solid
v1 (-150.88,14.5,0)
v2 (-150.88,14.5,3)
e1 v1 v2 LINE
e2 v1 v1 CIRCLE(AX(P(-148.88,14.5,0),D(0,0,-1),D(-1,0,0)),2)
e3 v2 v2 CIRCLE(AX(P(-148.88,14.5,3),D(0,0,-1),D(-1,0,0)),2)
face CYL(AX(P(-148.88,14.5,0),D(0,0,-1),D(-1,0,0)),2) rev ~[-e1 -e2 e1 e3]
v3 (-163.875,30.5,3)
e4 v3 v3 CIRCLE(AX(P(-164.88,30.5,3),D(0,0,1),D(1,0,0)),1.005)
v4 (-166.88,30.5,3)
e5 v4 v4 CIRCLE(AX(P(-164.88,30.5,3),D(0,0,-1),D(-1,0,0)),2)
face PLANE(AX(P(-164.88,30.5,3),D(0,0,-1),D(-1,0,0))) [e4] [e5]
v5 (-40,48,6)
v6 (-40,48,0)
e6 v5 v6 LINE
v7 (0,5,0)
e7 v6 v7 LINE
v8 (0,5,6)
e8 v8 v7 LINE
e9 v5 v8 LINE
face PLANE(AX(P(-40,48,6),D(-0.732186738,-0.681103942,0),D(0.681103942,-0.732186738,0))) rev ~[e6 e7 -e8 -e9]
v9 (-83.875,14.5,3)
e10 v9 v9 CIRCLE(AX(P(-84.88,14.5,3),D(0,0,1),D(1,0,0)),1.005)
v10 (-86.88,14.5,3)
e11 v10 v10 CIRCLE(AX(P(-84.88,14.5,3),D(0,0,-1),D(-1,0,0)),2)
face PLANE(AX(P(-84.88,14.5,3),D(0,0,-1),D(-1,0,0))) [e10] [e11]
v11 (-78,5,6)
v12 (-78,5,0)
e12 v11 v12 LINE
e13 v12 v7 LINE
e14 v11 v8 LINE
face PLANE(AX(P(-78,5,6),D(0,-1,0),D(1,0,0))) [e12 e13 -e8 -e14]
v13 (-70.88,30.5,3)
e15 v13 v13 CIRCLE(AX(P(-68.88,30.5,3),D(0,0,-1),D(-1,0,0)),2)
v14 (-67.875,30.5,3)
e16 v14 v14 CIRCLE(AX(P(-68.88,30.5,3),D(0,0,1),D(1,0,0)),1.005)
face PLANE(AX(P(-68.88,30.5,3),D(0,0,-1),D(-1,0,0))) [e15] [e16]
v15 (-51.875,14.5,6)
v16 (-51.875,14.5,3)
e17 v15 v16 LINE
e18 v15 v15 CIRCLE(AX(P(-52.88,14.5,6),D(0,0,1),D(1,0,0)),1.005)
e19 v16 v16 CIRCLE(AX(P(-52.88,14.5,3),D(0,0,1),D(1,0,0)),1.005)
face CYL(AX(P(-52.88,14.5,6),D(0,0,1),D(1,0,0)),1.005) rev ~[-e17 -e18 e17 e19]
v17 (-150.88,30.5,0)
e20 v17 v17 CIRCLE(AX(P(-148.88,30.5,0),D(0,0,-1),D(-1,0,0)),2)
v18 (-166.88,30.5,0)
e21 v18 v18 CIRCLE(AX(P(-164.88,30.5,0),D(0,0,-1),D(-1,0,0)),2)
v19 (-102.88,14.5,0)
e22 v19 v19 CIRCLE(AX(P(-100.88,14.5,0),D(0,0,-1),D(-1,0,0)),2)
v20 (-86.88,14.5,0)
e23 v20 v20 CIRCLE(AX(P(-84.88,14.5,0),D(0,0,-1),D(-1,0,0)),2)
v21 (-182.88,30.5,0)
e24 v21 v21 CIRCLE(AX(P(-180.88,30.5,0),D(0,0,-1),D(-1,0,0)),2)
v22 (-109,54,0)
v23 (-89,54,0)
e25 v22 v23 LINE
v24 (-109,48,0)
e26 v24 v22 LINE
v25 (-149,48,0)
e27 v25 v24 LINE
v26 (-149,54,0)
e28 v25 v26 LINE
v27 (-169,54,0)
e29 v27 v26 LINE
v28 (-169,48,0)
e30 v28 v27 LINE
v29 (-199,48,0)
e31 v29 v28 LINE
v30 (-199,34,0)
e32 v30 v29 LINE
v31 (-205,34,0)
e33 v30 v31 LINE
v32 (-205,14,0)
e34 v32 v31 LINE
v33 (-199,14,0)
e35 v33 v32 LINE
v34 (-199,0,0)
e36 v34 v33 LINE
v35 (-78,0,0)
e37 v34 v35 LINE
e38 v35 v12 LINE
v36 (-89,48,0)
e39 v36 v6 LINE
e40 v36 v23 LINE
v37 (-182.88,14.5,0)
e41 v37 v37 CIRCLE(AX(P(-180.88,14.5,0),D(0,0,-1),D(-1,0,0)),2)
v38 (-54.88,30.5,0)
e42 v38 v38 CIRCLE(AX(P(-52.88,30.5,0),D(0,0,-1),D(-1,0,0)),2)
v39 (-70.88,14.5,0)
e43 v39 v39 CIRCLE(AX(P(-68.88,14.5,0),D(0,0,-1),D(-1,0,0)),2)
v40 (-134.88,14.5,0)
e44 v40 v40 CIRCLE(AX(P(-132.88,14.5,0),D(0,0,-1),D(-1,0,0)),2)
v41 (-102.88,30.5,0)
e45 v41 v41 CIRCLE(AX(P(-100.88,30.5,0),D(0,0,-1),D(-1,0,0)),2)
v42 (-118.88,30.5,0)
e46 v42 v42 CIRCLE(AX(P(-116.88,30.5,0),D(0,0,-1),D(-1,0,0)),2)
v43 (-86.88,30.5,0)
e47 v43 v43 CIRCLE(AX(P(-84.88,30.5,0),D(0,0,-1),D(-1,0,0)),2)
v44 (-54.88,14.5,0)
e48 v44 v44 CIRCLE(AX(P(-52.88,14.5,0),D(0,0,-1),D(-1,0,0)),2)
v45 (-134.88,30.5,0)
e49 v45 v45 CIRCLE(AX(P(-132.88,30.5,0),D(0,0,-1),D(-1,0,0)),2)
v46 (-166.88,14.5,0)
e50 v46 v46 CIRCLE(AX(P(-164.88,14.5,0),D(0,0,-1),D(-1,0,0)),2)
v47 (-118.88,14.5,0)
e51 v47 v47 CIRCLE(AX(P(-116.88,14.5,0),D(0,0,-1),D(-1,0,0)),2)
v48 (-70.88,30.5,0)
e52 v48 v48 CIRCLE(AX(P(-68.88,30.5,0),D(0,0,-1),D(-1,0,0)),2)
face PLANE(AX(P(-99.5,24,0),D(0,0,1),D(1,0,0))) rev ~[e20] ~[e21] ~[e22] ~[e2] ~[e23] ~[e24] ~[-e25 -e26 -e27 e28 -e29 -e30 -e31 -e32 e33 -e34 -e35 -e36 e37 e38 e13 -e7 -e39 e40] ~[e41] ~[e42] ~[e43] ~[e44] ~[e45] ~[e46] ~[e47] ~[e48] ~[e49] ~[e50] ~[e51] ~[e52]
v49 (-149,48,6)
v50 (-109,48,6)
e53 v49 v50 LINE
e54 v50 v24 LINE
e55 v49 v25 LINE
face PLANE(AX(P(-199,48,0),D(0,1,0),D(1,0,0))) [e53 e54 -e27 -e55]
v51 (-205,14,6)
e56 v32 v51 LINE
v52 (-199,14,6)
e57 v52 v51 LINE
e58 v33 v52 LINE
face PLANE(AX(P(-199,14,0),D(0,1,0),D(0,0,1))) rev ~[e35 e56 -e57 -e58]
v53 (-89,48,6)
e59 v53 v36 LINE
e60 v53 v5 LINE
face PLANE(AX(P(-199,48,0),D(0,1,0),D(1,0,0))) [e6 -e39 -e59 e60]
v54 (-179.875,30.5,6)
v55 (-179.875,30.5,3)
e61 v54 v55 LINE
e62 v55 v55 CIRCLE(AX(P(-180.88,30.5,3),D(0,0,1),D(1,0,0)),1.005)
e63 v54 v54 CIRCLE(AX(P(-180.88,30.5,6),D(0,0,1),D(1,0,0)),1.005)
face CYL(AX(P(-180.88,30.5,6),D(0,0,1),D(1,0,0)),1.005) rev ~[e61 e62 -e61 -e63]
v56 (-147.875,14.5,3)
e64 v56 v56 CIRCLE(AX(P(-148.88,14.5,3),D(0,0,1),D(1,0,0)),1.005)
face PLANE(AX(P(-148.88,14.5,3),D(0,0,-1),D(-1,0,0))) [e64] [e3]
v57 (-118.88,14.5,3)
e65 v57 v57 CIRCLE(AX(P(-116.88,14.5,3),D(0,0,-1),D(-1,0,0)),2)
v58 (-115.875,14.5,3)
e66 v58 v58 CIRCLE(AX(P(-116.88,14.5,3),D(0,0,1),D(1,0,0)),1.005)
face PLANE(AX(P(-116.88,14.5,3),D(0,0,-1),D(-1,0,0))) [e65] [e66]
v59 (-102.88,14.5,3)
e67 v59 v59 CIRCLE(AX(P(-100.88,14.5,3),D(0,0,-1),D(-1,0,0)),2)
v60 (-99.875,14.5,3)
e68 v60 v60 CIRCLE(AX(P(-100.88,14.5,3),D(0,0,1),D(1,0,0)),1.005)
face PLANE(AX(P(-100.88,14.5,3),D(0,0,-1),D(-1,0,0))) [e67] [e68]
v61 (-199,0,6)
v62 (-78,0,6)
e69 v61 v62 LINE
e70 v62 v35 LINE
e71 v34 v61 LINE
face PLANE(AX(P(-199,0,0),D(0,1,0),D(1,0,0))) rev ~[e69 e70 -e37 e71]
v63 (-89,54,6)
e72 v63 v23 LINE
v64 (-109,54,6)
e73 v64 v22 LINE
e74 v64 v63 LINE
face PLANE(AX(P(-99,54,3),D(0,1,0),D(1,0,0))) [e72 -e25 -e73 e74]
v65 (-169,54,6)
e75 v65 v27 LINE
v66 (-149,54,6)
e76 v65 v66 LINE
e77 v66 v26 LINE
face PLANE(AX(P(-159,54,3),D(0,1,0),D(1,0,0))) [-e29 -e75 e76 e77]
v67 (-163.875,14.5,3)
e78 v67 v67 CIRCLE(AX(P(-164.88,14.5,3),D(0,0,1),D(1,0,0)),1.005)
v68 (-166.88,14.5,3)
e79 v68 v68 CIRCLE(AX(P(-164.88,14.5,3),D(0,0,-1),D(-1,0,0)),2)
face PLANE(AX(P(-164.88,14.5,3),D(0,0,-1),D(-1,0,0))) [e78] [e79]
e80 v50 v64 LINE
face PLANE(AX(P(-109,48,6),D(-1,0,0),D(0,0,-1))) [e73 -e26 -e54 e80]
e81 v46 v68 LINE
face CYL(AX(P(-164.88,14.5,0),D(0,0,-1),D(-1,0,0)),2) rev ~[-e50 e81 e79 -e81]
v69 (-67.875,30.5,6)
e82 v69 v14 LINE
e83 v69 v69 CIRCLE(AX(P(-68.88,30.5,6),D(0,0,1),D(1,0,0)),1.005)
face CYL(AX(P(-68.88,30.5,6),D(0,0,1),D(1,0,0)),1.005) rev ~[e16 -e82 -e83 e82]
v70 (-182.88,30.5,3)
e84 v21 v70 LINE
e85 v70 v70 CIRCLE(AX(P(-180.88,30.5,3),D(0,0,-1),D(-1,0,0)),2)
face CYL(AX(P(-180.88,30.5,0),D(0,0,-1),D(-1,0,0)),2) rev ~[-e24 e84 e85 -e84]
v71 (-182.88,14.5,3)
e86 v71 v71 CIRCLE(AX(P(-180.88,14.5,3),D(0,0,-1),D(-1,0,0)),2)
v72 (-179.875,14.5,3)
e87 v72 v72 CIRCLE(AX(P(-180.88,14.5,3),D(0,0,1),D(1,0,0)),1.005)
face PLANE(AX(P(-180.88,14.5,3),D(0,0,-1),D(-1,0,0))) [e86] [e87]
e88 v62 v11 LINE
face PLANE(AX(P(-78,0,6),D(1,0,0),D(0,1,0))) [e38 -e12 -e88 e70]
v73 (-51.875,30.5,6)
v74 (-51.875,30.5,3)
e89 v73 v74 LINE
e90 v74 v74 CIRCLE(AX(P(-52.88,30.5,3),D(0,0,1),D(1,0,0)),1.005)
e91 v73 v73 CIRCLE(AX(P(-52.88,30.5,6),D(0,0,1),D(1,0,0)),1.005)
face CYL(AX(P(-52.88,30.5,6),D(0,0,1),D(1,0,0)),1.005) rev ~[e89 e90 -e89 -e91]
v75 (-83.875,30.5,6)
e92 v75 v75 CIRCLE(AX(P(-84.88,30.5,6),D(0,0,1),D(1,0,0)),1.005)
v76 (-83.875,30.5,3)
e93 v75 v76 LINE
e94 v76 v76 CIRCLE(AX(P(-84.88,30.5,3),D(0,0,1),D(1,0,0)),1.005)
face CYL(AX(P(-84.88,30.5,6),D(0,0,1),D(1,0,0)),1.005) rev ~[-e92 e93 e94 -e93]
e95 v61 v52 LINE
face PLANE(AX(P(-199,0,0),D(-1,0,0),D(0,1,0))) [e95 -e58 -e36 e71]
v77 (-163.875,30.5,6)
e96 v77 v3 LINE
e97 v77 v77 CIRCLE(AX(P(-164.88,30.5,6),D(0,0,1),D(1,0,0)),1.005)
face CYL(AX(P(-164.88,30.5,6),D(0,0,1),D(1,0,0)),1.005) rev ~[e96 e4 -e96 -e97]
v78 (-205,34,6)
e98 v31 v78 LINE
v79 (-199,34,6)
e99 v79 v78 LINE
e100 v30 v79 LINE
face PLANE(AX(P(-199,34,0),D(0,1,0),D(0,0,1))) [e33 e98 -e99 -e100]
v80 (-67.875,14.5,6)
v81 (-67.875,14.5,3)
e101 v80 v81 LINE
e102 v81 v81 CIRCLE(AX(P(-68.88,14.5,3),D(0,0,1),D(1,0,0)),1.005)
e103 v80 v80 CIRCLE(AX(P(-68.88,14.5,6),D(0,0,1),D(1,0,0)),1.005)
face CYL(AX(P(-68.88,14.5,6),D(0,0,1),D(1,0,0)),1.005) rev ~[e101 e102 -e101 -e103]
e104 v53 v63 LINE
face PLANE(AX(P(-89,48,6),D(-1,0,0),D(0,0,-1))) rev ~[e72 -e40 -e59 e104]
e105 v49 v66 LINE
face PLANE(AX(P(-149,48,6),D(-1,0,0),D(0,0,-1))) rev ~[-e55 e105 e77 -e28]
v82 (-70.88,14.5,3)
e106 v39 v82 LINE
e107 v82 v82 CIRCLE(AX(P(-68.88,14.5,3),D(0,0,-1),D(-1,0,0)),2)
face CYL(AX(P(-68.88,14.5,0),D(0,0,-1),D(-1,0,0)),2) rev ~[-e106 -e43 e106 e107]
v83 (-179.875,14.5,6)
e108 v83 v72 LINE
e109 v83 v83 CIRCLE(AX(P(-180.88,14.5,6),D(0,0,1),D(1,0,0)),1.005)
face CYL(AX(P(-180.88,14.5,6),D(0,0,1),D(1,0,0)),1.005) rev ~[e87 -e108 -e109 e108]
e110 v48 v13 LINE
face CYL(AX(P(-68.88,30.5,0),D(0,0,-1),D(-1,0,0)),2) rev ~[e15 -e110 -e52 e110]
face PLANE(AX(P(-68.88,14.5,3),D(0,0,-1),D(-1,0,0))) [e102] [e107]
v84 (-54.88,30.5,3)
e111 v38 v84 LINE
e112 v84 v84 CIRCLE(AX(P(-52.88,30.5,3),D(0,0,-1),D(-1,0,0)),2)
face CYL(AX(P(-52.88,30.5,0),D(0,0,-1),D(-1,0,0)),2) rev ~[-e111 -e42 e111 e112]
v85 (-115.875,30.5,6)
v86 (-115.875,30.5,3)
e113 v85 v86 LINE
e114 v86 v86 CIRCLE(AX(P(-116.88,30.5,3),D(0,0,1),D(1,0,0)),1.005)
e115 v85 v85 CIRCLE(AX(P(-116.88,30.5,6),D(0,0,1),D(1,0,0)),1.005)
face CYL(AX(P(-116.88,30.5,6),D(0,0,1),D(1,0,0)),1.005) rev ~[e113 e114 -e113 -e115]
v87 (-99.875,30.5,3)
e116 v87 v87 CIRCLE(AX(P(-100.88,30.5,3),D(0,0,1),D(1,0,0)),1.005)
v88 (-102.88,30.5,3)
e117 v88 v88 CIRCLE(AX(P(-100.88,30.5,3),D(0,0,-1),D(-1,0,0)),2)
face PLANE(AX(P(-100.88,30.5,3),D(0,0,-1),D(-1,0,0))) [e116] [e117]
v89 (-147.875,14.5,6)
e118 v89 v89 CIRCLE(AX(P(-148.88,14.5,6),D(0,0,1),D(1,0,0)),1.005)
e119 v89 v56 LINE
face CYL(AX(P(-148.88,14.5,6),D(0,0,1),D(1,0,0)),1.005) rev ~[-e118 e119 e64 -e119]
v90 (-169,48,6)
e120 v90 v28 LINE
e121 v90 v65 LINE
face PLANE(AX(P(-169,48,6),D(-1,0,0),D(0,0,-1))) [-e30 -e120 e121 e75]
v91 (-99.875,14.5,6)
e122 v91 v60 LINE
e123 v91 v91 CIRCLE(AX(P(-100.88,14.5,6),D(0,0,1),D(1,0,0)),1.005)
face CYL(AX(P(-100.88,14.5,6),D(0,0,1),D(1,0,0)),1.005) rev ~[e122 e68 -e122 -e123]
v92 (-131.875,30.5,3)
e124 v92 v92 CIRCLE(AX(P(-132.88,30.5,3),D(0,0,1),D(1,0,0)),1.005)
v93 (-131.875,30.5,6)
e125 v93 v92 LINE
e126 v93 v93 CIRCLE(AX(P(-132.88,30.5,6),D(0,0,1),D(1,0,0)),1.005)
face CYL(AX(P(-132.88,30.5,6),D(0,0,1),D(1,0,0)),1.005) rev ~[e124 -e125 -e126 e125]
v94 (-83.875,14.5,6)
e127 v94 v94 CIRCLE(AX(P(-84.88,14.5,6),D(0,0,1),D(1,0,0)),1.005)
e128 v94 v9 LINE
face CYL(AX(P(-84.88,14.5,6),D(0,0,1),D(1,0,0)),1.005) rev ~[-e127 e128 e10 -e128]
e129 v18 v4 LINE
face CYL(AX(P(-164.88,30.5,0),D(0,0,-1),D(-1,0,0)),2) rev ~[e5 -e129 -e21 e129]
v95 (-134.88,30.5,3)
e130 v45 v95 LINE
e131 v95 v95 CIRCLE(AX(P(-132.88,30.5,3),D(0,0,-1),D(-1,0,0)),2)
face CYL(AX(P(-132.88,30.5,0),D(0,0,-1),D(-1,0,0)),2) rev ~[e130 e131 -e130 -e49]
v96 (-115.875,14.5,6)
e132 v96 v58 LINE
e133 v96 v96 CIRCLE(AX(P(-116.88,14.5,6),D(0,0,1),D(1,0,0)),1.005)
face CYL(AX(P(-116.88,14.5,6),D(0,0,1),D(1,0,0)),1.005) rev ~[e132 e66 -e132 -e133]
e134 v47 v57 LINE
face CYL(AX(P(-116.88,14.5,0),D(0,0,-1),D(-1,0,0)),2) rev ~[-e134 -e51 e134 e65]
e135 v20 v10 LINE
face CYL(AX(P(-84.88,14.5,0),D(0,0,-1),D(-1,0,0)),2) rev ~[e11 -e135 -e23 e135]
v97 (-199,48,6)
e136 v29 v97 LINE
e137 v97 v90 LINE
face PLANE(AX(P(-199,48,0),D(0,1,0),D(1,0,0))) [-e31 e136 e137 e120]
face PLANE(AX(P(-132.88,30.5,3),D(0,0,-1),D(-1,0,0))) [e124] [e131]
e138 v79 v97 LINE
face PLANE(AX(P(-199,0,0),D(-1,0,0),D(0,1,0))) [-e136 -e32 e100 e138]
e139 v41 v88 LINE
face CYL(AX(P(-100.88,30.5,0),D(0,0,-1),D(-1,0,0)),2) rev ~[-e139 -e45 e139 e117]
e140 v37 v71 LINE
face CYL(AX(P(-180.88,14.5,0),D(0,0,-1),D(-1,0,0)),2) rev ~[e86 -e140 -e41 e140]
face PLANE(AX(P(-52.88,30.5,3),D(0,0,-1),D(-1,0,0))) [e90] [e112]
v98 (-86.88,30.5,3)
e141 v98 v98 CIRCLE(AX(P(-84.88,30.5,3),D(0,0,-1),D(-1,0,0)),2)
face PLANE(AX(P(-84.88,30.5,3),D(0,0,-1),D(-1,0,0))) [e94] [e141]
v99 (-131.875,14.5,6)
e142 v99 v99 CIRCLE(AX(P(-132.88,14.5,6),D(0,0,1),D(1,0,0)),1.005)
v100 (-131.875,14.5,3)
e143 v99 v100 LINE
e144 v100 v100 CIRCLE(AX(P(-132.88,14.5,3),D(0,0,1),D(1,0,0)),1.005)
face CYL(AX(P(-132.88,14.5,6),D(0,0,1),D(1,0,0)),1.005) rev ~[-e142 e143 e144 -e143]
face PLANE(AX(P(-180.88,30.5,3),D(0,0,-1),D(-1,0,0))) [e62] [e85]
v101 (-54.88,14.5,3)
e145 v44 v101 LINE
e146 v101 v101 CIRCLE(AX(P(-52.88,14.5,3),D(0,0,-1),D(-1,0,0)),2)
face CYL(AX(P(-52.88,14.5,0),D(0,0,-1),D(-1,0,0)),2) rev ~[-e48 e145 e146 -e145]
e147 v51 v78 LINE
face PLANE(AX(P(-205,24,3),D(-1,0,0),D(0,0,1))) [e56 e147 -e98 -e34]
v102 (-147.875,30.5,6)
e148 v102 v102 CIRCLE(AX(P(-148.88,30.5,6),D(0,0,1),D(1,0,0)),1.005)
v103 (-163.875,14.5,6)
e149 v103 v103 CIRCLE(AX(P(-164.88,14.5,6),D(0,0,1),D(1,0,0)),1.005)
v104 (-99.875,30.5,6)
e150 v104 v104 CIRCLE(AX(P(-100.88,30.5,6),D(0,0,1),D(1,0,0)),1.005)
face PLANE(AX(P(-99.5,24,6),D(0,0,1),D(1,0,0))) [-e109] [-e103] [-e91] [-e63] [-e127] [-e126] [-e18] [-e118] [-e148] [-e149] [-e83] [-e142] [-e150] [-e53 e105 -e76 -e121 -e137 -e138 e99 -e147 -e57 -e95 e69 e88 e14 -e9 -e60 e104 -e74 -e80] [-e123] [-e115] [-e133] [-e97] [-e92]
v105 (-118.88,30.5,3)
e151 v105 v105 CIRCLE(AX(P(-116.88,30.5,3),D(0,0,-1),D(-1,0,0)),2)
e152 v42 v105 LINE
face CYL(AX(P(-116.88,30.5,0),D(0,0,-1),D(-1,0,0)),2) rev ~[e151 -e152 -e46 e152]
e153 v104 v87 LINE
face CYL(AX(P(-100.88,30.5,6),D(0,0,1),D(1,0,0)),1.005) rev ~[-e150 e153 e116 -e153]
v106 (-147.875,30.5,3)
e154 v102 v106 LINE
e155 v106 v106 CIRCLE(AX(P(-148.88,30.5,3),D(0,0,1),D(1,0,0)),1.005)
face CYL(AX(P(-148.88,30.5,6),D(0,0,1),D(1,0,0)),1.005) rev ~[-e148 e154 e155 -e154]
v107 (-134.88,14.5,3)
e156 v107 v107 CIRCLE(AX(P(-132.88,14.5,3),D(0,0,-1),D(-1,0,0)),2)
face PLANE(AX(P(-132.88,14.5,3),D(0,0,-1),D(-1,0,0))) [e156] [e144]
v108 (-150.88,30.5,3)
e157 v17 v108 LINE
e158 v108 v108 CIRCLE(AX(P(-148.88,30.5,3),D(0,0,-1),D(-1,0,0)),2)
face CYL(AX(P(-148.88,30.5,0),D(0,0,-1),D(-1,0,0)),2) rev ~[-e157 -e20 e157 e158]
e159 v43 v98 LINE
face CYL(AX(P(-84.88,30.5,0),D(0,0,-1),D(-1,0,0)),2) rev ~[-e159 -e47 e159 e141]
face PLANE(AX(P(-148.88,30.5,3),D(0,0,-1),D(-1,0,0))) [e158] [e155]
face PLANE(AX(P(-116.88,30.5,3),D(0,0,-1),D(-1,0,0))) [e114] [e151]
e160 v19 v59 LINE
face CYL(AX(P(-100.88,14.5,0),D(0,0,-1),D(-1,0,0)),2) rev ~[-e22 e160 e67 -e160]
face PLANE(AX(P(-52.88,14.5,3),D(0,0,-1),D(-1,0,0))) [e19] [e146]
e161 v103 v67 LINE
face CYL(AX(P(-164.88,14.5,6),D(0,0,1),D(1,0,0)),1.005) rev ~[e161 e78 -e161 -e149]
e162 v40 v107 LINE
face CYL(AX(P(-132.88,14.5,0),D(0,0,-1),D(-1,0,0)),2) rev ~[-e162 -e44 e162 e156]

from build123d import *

# Parameters (mm, degrees)
ESQUISSE1_W             = 199
ESQUISSE1_H             = 48
BOSS_EXTRU_1_DEPTH      = 6
ESQUISSE2_W             = 20
ESQUISSE2_H             = 6
BOSS_EXTRU_2_DEPTH      = 6
ESQUISSE3_W             = 6
ESQUISSE3_H             = 20
BOSS_EXTRU_3_DEPTH      = 6
ESQUISSE4_W             = 78
ESQUISSE4_H             = 5
ENL_V_MAT_EXTRU_1_DEPTH = 213.077815907
ENL_V_MAT_EXTRU_2_DEPTH = 213.077815907
ESQUISSE6_R             = 1.005
ENL_V_MAT_EXTRU_3_DEPTH = 213.077815907
ESQUISSE7_R             = 2
ENL_V_MAT_EXTRU_4_DEPTH = 3


with BuildPart() as part:
    # Esquisse1 → Boss.-Extru.1 (new body)
    with BuildSketch(Plane.XY):
        with Locations((-99.5, 24)):
            Rectangle(ESQUISSE1_W, ESQUISSE1_H)
    extrude(amount=BOSS_EXTRU_1_DEPTH)

    # Esquisse2 → Boss.-Extru.2 (add)
    with BuildSketch(Plane(origin=(0, 48, 0), x_dir=(1, 0, 0), z_dir=(0, 1, 0))):
        with Locations((-99, -3)):
            Rectangle(ESQUISSE2_W, ESQUISSE2_H)
        with Locations((-159, -3)):
            Rectangle(ESQUISSE2_W, ESQUISSE2_H)
    extrude(amount=BOSS_EXTRU_2_DEPTH)

    # Esquisse3 → Boss.-Extru.3 (add)
    with BuildSketch(Plane.ZY.offset(199)):
        with Locations((3, 24)):
            Rectangle(ESQUISSE3_W, ESQUISSE3_H)
    extrude(amount=BOSS_EXTRU_3_DEPTH)

    # Esquisse4 → Enlèv. mat.-Extru.1 (cut, through all)
    with BuildSketch(Plane.XY.offset(6)):
        with Locations((-39, 2.5)):
            Rectangle(ESQUISSE4_W, ESQUISSE4_H)
    extrude(amount=-ENL_V_MAT_EXTRU_1_DEPTH, mode=Mode.SUBTRACT)

    # Esquisse5 → Enlèv. mat.-Extru.2 (cut, through all)
    with BuildSketch(Plane.XY.offset(6)):
        Polygon((0, 48), (-40, 48), (0, 5), align=None)
    extrude(amount=-ENL_V_MAT_EXTRU_2_DEPTH, mode=Mode.SUBTRACT)

    # Esquisse6 → Enlèv. mat.-Extru.3 (cut, through all)
    with BuildSketch(Plane.XY.offset(6)):
        with Locations((-148.88, 14.5)):
            Circle(ESQUISSE6_R)
        with Locations((-148.88, 30.5)):
            Circle(ESQUISSE6_R)
        with Locations((-132.88, 14.5)):
            Circle(ESQUISSE6_R)
        with Locations((-132.88, 30.5)):
            Circle(ESQUISSE6_R)
        with Locations((-116.88, 14.5)):
            Circle(ESQUISSE6_R)
        with Locations((-116.88, 30.5)):
            Circle(ESQUISSE6_R)
        with Locations((-100.88, 14.5)):
            Circle(ESQUISSE6_R)
        with Locations((-100.88, 30.5)):
            Circle(ESQUISSE6_R)
        with Locations((-84.88, 14.5)):
            Circle(ESQUISSE6_R)
        with Locations((-84.88, 30.5)):
            Circle(ESQUISSE6_R)
        with Locations((-68.88, 14.5)):
            Circle(ESQUISSE6_R)
        with Locations((-68.88, 30.5)):
            Circle(ESQUISSE6_R)
        with Locations((-52.88, 14.5)):
            Circle(ESQUISSE6_R)
        with Locations((-52.88, 30.5)):
            Circle(ESQUISSE6_R)
        with Locations((-164.88, 14.5)):
            Circle(ESQUISSE6_R)
        with Locations((-164.88, 30.5)):
            Circle(ESQUISSE6_R)
        with Locations((-180.88, 14.5)):
            Circle(ESQUISSE6_R)
        with Locations((-180.88, 30.5)):
            Circle(ESQUISSE6_R)
    extrude(amount=-ENL_V_MAT_EXTRU_3_DEPTH, mode=Mode.SUBTRACT)

    # Esquisse7 → Enlèv. mat.-Extru.4 (cut)
    with BuildSketch(Plane(origin=(0, 0, 0), x_dir=(-1, 0, 0), z_dir=(0, 0, -1))):
        with Locations((180.88, 14.5)):
            Circle(ESQUISSE7_R)
        with Locations((180.88, 30.5)):
            Circle(ESQUISSE7_R)
        with Locations((164.88, 14.5)):
            Circle(ESQUISSE7_R)
        with Locations((164.88, 30.5)):
            Circle(ESQUISSE7_R)
        with Locations((148.88, 14.5)):
            Circle(ESQUISSE7_R)
        with Locations((148.88, 30.5)):
            Circle(ESQUISSE7_R)
        with Locations((132.88, 14.5)):
            Circle(ESQUISSE7_R)
        with Locations((132.88, 30.5)):
            Circle(ESQUISSE7_R)
        with Locations((116.88, 14.5)):
            Circle(ESQUISSE7_R)
        with Locations((116.88, 30.5)):
            Circle(ESQUISSE7_R)
        with Locations((100.88, 14.5)):
            Circle(ESQUISSE7_R)
        with Locations((100.88, 30.5)):
            Circle(ESQUISSE7_R)
        with Locations((84.88, 14.5)):
            Circle(ESQUISSE7_R)
        with Locations((84.88, 30.5)):
            Circle(ESQUISSE7_R)
        with Locations((68.88, 14.5)):
            Circle(ESQUISSE7_R)
        with Locations((68.88, 30.5)):
            Circle(ESQUISSE7_R)
        with Locations((52.88, 14.5)):
            Circle(ESQUISSE7_R)
        with Locations((52.88, 30.5)):
            Circle(ESQUISSE7_R)
    extrude(amount=-ENL_V_MAT_EXTRU_4_DEPTH, mode=Mode.SUBTRACT)


solid = part.part
